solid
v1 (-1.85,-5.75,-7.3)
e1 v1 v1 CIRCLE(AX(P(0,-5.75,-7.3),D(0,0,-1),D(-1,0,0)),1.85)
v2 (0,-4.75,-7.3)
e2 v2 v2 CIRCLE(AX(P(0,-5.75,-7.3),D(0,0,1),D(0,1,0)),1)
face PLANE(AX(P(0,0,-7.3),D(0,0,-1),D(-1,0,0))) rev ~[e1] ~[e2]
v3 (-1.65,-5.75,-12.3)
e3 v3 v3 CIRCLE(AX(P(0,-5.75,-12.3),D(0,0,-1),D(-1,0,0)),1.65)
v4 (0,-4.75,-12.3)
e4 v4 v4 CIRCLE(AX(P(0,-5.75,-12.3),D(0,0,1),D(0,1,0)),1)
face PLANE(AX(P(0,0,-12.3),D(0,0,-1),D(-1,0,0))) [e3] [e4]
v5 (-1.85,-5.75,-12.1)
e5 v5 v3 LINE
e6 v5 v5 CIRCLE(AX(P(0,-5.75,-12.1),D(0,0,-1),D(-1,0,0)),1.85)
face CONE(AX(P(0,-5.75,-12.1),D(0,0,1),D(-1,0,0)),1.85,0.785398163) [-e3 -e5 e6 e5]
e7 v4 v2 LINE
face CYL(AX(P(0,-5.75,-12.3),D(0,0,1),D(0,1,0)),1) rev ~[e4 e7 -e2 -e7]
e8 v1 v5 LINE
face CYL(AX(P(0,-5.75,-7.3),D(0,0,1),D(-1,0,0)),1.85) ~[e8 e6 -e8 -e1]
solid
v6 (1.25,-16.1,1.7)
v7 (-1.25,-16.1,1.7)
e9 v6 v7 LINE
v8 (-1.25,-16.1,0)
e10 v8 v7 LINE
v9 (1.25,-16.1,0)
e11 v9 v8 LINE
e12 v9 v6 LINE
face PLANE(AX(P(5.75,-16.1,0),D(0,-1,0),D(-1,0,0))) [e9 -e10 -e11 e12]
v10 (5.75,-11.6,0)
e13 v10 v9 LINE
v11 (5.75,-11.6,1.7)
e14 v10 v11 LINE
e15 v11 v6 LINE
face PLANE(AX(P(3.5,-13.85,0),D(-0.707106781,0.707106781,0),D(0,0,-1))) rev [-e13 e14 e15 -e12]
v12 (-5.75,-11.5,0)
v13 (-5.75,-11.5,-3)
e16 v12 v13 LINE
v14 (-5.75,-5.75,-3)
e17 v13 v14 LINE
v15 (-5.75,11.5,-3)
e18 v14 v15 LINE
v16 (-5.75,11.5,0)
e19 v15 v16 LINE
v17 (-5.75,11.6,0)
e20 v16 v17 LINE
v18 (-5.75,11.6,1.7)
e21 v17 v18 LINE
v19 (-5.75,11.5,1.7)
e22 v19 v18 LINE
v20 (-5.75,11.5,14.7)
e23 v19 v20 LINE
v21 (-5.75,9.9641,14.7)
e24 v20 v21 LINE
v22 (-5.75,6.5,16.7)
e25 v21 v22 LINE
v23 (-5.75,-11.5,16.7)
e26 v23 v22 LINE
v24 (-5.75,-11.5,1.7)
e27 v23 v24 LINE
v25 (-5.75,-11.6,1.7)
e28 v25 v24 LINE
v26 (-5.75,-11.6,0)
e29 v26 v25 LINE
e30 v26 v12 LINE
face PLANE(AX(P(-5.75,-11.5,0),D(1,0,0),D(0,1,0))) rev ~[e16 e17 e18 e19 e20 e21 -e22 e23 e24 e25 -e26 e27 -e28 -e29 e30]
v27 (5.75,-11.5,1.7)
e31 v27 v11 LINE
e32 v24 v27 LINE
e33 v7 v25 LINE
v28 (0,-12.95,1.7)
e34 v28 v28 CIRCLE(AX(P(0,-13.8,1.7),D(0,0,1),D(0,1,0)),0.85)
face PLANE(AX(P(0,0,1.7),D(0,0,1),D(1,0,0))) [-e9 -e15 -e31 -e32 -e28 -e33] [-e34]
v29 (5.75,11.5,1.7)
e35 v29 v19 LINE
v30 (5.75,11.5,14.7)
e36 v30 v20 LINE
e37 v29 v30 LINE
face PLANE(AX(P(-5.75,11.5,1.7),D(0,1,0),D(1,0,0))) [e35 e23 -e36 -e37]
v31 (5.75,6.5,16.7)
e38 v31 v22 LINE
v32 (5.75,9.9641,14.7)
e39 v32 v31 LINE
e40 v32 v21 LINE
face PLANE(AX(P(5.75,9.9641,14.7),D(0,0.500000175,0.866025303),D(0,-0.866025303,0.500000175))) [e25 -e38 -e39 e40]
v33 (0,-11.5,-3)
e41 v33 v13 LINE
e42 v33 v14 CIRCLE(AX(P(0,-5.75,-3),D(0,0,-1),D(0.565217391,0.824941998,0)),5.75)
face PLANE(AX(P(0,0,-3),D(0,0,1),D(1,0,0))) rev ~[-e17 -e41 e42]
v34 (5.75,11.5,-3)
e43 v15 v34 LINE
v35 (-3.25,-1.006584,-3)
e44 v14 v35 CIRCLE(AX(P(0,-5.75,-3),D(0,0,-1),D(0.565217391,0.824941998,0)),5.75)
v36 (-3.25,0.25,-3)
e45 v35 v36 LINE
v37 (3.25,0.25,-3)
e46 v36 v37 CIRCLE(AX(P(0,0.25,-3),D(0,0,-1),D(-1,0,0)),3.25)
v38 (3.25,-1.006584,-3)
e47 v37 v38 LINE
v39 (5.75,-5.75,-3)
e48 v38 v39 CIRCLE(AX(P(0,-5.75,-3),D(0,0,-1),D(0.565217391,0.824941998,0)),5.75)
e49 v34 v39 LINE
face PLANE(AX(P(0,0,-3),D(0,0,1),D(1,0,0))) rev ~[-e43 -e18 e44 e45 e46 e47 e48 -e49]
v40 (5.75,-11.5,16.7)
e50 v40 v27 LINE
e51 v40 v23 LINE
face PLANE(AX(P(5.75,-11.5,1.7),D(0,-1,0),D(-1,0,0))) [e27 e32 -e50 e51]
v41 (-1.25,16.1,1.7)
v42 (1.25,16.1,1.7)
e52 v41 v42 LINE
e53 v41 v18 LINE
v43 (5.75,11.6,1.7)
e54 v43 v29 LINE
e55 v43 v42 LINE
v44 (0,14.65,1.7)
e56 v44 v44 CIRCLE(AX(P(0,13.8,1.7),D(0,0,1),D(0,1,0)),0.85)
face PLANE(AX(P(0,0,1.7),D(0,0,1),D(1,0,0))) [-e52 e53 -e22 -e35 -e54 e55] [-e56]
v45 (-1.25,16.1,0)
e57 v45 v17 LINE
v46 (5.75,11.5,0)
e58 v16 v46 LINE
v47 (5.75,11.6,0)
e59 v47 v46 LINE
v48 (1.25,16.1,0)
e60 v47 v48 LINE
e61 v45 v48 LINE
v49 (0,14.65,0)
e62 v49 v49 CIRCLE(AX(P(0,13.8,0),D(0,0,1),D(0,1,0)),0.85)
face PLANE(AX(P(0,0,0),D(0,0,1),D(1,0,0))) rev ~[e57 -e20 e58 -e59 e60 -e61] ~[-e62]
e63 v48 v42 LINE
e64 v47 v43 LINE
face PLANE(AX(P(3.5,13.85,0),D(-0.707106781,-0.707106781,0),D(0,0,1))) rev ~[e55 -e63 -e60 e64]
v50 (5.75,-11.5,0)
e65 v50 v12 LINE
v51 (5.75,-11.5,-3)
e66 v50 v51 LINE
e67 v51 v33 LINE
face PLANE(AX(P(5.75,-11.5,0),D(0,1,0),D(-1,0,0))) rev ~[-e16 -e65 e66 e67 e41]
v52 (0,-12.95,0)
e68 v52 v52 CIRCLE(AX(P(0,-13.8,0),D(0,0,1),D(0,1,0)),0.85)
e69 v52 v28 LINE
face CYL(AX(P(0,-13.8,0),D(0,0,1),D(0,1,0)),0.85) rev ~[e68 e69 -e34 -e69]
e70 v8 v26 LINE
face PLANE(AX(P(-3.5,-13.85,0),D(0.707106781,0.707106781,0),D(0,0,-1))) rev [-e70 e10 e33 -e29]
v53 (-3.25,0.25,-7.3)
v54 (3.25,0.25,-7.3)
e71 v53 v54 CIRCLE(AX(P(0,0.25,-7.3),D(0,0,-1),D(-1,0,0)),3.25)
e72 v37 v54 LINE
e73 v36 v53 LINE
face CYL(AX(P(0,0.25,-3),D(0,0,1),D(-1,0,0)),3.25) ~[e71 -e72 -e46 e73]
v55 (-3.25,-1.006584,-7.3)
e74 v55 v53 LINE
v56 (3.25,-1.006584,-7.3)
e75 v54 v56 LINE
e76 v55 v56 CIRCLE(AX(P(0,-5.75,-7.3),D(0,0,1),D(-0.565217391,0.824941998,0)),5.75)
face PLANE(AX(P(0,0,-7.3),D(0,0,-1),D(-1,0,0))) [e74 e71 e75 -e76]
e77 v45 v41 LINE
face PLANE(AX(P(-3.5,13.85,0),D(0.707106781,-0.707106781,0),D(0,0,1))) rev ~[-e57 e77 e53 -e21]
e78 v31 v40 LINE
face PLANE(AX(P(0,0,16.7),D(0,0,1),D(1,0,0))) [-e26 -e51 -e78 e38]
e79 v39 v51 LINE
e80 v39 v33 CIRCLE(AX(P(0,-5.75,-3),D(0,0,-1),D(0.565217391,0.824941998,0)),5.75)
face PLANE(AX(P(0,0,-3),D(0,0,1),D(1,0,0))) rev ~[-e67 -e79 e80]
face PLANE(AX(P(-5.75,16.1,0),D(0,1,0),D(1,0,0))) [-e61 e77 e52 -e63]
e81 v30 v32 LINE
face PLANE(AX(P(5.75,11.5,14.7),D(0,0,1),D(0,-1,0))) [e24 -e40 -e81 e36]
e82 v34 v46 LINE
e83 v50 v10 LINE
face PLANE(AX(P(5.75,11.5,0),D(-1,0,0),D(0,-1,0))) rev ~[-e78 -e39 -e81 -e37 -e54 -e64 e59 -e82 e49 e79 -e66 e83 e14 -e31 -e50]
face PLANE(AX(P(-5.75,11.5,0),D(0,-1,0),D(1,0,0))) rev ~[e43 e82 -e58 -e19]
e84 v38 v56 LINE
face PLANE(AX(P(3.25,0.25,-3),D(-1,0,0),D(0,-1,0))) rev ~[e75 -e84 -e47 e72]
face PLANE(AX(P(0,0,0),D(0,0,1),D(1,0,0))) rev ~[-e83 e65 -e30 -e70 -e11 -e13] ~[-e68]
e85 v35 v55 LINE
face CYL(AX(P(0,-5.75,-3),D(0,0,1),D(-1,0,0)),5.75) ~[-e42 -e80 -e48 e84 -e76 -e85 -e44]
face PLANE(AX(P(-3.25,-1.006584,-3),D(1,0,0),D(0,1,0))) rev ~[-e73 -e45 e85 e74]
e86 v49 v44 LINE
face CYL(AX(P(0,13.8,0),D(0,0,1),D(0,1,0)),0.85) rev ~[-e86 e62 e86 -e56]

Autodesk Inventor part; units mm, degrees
ref_plane "YZ Plane" through (0, 0, 0) normal (1, 0, 0) x (0, 1, 0)
ref_plane "XZ Plane" through (0, 0, 0) normal (0, 1, 0) x (-1, 0, 0)
ref_plane "XY Plane" through (0, 0, 0) normal (0, 0, 1) x (1, 0, 0)
sketch "Skizze1" plane through (0, 0, 0) normal (0, 0, 1) x (1, 0, 0)
  line L0 (5.75, 11.5) -> (5.75, -11.5)
  line L1 (5.75, -11.5) -> (-5.75, -11.5)
  line L2 (-5.75, -11.5) -> (-5.75, 11.5)
  line L3 (-5.75, 11.5) -> (5.75, 11.5)
  line L4 (5.75, -11.5) -> (-5.75, 11.5) construction
  line L5 (-5.75, -11.5) -> (5.75, 11.5) construction
  point P0 (0, 0)
  point P1 (0, 0)
  point P2 (0, 0)
  point P3 (0, 0)
  dimension "d34" = 11.5
  dimension "d35" = 23
extrude "Extrusion1" add sketch "Skizze1" against normal blind 3
sketch "Skizze2" plane through (0, 0, 0) normal (0, 0, 1) x (1, 0, 0)
  line L0 (5.75, 11.5) -> (-5.75, 11.5) projected
  line L1 (-5.75, -11.5) -> (5.75, -11.5) projected
  line L2 (-5.75, 16.1) -> (5.75, 16.1)
  line L3 (5.75, 16.1) -> (5.75, 11.5)
  line L4 (5.75, -16.1) -> (-5.75, -16.1)
  line L5 (-5.75, -16.1) -> (-5.75, -11.5)
  line L6 (5.75, -11.5) -> (5.75, -16.1)
  line L7 (-5.75, 11.5) -> (-5.75, 16.1)
  point P0 (0, 0)
  dimension "d58" = 32.2
extrude "Extrusion2" add sketch "Skizze2" along normal blind 1.7
sketch "Skizze3" plane through (0, 0, 1.7) normal (0, 0, 1) x (1, 0, 0)
  line L0 (5.75, 11.5) -> (5.75, -11.5) projected
  line L1 (5.75, -11.5) -> (-5.75, -11.5) projected
  line L2 (-5.75, -11.5) -> (-5.75, 11.5) projected
  line L3 (-5.75, 11.5) -> (5.75, 11.5) projected
  point P0 (0, 0)
extrude "Extrusion3" add sketch "Skizze3" along normal blind 15 and the other way blind 2
sketch "Skizze4" plane through (0, 0, -3) normal (0, 0, -1) x (-1, 0, 0)
  line L0 (-5.75, -11.5) -> (5.75, -11.5) projected
  line L1 (5.75, 11.5) -> (-5.75, 11.5) projected
  circle A0 centre (0, -5.75) radius 5.75
  line L2 (0, 11.5) -> (0, -11.5) construction
  line L3 (0, -5.75) -> (0, 0.25) construction
  line L4 (3.25, -5.75) -> (3.25, 0.25)
  line L5 (-3.25, 0.25) -> (-3.25, -5.75)
  arc A1 (-3.25, -5.75) -> (3.25, -5.75) centre (0, -5.75) ccw
  arc A2 (3.25, 0.25) -> (-3.25, 0.25) centre (0, 0.25) ccw
  line L6 (-5.75, 11.5) -> (-5.75, -11.5) projected
  point P0 (0, 0)
  point P1 (0, -2.75)
  dimension "d32" = 6.5
  dimension "d33" = 15
extrude "Extrusion4" add sketch "Skizze4" along normal blind 4.3 contours A0 L5 A1 L4 | L5 A2 L4 A0 | A0 L4 A1 L5
sketch "Skizze5" plane through (0, 0, -3) normal (0, 0, -1) x (-1, 0, 0)
  circle A0 centre (0, -5.75) radius 5.75 projected
  line L0 (-5.75, 11.5) -> (-5.75, -11.5) projected
  line L1 (-5.75, -11.5) -> (5.75, -11.5) projected
  line L2 (5.75, -11.5) -> (5.75, 11.5) projected
  line L3 (5.75, 11.5) -> (-5.75, 11.5) projected
  point P0 (0, 0)
sketch "Skizze7" plane through (0, 0, 0) normal (0, 0, -1) x (-1, 0, 0)
  line L0 (0, -11.5) -> (5.75, -11.5) projected
  line L1 (-5.75, -11.5) -> (5.75, -11.5) projected
  line L2 (-8.05, 0) -> (8.05, 0) construction
  point P0 (0, 0)
  point P1 (0, -13.8)
  point P2 (0, 13.8)
  dimension "d59" = 27.6
hole "Bohrung1" at (0, -13.8, 0) at (0, 13.8, 0) direction (0, 0, 1) diameter 1.7 end through all
sketch "Skizze9" plane through (0, 0, -7.3) normal (0, 0, -1) x (-1, 0, 0)
  arc A0 (-3.25, -1.0066) -> (3.25, -1.0066) centre (0, -5.75) ccw projected
  circle A1 centre (0, -5.75) radius 1.85
  point P0 (0, 0)
  dimension "d36" = 3.7
extrude "Extrusion6" add sketch "Skizze9" along normal blind 5 separate body
chamfer "Fase1" distance 0.2 angle 45 1 edges at (1.85, -5.75, -12.3)
sketch "Skizze10" plane through (5.75, 11.5, 0) normal (1, 0, 0) x (0, 0, -1)
  line L0 (-1.7, 0) -> (-16.7, 0) projected
  line L1 (-16.7, -23) -> (-16.7, 0) projected
  line L2 (0, 4.6) -> (0, -27.6) projected
  line L3 (-14.7, 0) -> (-14.7, -1.5359)
  line L4 (-14.7, -1.5359) -> (-16.7, -5)
  point P0 (0, -23)
  point P1 (0, -11.5)
  point P2 (1.7, 0)
  dimension "d42" = 30
  dimension "d43" = 2
  dimension "d44" = 5
extrude "Extrusion7" cut sketch "Skizze10" against normal through all bodies 1
hole "Bohrung2" at (0, -5.75, -12.3) direction (0, 0, 1) diameter 2 depth 5 tip angle 118 bodies 2
chamfer "Chamfer2" distance 4.5 angle 45 4 edges at (-5.75, -16.1, 0.85) (5.75, -16.1, 0.85) (-5.75, 16.1, 0.85) (5.75, 16.1, 0.85)
properties part number "Servo ES08MA2" material "ABS-Kunststoff - Schwarz"
